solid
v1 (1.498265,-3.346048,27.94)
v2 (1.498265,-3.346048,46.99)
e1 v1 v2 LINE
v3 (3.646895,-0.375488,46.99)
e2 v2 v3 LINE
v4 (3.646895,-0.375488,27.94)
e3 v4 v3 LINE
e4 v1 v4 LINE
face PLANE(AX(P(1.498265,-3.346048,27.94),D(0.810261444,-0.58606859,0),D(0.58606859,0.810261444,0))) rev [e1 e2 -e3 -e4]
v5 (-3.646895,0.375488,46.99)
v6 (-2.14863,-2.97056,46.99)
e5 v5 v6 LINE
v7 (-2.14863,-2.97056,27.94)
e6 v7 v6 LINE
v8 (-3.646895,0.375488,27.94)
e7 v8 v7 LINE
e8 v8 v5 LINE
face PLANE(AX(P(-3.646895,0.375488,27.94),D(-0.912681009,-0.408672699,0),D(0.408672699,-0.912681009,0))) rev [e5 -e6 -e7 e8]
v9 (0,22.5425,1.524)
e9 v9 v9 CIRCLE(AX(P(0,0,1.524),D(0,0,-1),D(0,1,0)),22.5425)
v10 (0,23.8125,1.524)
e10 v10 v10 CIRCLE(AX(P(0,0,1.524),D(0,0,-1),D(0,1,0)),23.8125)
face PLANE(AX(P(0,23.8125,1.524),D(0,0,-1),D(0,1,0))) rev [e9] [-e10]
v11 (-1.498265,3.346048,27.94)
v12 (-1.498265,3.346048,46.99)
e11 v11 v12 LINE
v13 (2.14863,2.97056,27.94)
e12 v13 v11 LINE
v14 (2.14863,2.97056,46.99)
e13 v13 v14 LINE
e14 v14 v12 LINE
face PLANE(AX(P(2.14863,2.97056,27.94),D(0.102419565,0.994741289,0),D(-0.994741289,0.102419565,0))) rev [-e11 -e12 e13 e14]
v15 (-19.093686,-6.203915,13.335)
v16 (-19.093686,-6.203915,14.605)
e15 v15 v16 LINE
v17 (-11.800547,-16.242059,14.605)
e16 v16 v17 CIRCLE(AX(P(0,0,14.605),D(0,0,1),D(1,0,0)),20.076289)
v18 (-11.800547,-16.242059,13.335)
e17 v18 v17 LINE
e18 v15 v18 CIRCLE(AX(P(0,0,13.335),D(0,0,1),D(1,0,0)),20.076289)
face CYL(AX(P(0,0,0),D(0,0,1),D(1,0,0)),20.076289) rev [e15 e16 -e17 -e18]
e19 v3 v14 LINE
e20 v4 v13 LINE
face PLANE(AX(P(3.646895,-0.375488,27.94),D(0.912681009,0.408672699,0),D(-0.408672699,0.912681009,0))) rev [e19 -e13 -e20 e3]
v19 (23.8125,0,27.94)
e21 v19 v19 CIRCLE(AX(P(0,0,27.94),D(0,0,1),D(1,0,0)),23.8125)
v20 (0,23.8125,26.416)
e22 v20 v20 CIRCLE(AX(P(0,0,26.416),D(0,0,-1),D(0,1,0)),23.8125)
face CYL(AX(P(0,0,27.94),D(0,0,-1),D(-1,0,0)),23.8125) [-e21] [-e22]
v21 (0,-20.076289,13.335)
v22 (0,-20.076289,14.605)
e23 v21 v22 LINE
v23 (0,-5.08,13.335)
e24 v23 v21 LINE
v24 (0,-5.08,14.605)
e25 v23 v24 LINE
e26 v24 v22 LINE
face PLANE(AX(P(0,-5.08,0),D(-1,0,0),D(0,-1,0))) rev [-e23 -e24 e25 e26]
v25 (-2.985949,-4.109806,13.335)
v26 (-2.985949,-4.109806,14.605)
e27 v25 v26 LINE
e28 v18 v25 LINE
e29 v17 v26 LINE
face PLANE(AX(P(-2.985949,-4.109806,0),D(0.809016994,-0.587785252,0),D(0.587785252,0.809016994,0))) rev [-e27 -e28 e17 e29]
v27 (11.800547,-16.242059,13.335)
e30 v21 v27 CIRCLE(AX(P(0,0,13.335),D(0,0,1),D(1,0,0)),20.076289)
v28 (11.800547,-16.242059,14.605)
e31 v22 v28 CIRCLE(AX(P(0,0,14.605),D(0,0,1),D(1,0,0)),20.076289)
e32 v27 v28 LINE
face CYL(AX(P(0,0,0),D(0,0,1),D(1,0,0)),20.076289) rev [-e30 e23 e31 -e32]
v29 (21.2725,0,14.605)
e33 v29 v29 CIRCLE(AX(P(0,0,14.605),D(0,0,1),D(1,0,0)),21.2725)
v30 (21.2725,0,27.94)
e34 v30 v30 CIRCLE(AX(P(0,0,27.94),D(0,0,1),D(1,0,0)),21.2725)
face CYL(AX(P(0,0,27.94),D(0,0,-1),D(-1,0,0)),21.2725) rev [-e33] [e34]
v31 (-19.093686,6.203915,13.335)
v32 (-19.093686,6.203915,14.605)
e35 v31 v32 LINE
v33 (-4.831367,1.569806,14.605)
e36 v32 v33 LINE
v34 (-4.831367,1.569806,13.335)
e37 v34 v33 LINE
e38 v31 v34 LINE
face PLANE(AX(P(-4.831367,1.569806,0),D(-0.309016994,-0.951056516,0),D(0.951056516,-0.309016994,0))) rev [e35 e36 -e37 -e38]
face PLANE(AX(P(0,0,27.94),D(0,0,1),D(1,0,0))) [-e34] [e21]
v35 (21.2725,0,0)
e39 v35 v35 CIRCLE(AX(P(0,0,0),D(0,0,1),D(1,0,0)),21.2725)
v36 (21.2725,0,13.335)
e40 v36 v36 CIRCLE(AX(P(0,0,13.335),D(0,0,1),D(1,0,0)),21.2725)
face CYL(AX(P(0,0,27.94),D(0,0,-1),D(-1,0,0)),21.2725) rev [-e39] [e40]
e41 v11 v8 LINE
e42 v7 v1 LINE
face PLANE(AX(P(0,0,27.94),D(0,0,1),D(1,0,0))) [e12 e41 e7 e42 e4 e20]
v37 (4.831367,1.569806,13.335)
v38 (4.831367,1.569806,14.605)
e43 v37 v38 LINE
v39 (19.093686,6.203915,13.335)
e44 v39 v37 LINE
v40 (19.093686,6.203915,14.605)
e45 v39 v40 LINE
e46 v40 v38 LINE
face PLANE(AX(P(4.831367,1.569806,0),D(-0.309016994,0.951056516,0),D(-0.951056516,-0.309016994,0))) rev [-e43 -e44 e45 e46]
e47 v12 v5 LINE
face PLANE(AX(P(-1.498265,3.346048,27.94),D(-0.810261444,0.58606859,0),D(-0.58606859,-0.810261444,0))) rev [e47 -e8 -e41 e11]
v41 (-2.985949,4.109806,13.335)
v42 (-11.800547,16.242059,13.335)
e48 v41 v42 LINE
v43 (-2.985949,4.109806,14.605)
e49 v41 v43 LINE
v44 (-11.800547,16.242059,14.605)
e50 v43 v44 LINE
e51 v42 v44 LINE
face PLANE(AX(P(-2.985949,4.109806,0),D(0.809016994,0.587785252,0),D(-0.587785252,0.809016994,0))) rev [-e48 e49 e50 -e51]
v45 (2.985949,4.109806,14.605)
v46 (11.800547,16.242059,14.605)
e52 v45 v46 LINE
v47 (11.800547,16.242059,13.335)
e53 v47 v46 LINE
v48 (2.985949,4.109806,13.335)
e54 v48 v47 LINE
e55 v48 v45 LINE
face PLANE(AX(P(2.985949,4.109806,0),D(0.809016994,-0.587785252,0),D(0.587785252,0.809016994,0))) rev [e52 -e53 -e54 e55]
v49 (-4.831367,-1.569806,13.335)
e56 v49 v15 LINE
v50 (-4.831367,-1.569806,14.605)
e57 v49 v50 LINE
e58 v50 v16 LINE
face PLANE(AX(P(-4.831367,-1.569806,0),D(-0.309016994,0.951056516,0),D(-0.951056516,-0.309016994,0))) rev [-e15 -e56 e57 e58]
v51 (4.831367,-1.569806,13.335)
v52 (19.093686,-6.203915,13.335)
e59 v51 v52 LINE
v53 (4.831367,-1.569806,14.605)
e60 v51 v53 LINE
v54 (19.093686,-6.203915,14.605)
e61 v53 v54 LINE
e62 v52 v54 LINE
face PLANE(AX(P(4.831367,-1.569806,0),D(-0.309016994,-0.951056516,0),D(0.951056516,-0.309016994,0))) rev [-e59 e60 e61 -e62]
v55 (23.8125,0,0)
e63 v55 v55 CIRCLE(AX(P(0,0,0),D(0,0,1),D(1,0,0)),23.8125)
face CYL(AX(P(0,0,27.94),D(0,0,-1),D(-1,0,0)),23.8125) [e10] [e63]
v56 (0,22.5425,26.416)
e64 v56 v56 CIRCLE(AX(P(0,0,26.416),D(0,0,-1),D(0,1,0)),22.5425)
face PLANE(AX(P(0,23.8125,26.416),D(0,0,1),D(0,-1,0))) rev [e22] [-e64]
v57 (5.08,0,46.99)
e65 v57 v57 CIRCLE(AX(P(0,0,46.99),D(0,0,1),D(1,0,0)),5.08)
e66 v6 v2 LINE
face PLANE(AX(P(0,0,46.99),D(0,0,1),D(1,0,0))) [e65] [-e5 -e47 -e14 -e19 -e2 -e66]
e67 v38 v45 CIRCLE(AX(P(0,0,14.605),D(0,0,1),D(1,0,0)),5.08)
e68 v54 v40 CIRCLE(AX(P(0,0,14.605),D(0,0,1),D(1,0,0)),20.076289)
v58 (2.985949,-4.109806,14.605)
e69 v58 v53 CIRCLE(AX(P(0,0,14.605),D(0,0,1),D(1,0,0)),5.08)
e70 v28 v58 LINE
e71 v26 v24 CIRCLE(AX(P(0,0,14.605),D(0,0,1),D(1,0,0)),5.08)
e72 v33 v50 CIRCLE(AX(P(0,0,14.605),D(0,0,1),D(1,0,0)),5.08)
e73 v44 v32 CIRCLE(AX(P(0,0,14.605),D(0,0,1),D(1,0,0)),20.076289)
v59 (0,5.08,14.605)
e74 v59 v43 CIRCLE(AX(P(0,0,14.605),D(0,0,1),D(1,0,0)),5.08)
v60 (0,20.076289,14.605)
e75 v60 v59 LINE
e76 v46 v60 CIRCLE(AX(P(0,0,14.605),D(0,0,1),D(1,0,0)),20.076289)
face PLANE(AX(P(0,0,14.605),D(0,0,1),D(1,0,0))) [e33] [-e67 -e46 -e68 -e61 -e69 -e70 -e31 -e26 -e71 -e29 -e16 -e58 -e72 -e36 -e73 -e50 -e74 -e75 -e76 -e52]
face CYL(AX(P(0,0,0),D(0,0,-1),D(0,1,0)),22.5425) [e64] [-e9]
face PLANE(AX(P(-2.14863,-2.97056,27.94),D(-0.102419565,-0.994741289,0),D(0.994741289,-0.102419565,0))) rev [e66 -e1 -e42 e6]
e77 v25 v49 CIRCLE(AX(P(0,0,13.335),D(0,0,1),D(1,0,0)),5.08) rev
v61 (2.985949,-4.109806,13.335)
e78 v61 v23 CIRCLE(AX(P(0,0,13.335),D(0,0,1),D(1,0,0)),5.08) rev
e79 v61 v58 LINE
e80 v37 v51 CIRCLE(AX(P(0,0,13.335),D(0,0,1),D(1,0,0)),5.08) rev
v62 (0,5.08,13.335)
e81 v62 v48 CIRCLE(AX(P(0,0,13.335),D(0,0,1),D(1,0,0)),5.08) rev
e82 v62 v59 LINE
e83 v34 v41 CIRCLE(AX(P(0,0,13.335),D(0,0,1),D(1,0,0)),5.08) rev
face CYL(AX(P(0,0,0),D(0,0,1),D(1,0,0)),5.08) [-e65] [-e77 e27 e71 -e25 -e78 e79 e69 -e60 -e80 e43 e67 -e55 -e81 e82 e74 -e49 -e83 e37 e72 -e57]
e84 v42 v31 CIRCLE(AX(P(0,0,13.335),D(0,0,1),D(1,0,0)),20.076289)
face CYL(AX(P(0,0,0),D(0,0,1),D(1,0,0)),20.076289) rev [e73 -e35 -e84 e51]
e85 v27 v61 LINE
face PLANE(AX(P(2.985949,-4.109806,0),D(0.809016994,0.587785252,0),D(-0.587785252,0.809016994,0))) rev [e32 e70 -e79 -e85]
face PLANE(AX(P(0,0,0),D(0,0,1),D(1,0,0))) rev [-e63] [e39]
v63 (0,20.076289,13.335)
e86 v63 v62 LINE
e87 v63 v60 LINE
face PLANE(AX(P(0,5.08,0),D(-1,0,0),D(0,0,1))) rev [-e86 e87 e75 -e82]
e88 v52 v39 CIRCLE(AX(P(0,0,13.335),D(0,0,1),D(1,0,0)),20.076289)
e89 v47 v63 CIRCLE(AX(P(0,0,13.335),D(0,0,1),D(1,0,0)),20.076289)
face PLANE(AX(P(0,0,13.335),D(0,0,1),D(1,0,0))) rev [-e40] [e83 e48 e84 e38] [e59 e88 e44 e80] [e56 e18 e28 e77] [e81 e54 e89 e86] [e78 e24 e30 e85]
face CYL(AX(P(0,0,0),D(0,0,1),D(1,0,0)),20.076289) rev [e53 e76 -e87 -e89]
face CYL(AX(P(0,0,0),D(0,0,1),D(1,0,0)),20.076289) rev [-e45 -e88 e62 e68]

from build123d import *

# Parameters (mm, degrees)
SKETCH1_R               = 23.8125
SKETCH1_R_2             = 21.2725
BOSS_EXTRUDE1_DEPTH     = 27.94
SKETCH2_W               = 24.892
SKETCH2_H               = 1.27
SKETCH5_R               = 21.2725
BOSS_EXTRUDE2_DEPTH     = 0.635
CUT_EXTRUDE2_DEPTH      = 37.706625253
CUT_EXTRUDE2_DEPTH_BACK = 37.706625253
SKETCH7_R               = 5.08
BOSS_EXTRUDE7_DEPTH     = 32.385
CUT_EXTRUDE3_DEPTH      = 19.05


with BuildPart() as part:
    # Sketch1 → Boss-Extrude1 (new body)
    with BuildSketch(Plane.XY):
        Circle(SKETCH1_R)
        Circle(SKETCH1_R_2, mode=Mode.SUBTRACT)
    extrude(amount=BOSS_EXTRUDE1_DEPTH)

    # Sketch2 → Cut-Revolve2 (revolve, cut)
    with BuildSketch(Plane(origin=(0, 0, 0), x_dir=(0, 0, -1), z_dir=(1, 0, 0))):
        with Locations((-13.97, 23.1775)):
            Rectangle(SKETCH2_W, SKETCH2_H)
    revolve(axis=Axis((0, 0, 0), (0, 0, 1)), mode=Mode.SUBTRACT)

    # Sketch5 → Boss-Extrude2 (add, symmetric)
    with BuildSketch(Plane.XY.offset(13.97)):
        Circle(SKETCH5_R)
    extrude(amount=BOSS_EXTRUDE2_DEPTH, both=True)

    # Sketch6 → Cut-Extrude2 (cut, two sides: drawn at the far end of the back side and taken through both)
    with BuildSketch(Plane.XY.offset(14.605).offset(-CUT_EXTRUDE2_DEPTH_BACK)):
        with BuildLine():
            Line((0, 5.08), (0, 20.076289255))
            ThreePointArc((0, 20.076289255), (6.203914564, 19.093685719), (11.800546745, 16.242059191))
            Line((11.800546745, 16.242059191), (2.985949082, 4.109806331))
            ThreePointArc((2.985949082, 4.109806331), (1.569806331, 4.831367103), (0, 5.08))
        make_face()
        with BuildLine():
            Line((4.831367103, 1.569806331), (19.093685719, 6.203914564))
            ThreePointArc((19.093685719, 6.203914564), (20.076289255, 0), (19.093685719, -6.203914564))
            Line((19.093685719, -6.203914564), (4.831367103, -1.569806331))
            ThreePointArc((4.831367103, -1.569806331), (5.08, 0), (4.831367103, 1.569806331))
        make_face()
        with BuildLine():
            Line((2.985949082, -4.109806331), (11.800546745, -16.242059191))
            ThreePointArc((11.800546745, -16.242059191), (6.203914564, -19.093685719), (0, -20.076289255))
            Line((0, -20.076289255), (0, -5.08))
            ThreePointArc((0, -5.08), (1.569806331, -4.831367103), (2.985949082, -4.109806331))
        make_face()
        with BuildLine():
            Line((-2.985949082, -4.109806331), (-11.800546745, -16.242059191))
            ThreePointArc((-11.800546745, -16.242059191), (-16.242059191, -11.800546745), (-19.093685719, -6.203914564))
            Line((-19.093685719, -6.203914564), (-4.831367103, -1.569806331))
            ThreePointArc((-4.831367103, -1.569806331), (-4.109806331, -2.985949082), (-2.985949082, -4.109806331))
        make_face()
        with BuildLine():
            Line((-4.831367103, 1.569806331), (-19.093685719, 6.203914564))
            ThreePointArc((-19.093685719, 6.203914564), (-16.242059191, 11.800546745), (-11.800546745, 16.242059191))
            Line((-11.800546745, 16.242059191), (-2.985949082, 4.109806331))
            ThreePointArc((-2.985949082, 4.109806331), (-4.109806331, 2.985949082), (-4.831367103, 1.569806331))
        make_face()
    extrude(amount=CUT_EXTRUDE2_DEPTH + CUT_EXTRUDE2_DEPTH_BACK, mode=Mode.SUBTRACT)

    # Sketch7 → Boss-Extrude7 (add)
    with BuildSketch(Plane.XY.offset(14.605)):
        Circle(SKETCH7_R)
    extrude(amount=BOSS_EXTRUDE7_DEPTH)

    # Sketch8 → Cut-Extrude3 (cut)
    with BuildSketch(Plane.XY.offset(46.99)):
        Polygon((-1.498265311, 3.346047578), (-3.64689486, 0.375487968), (-2.148629549, -2.97055961), (1.498265311, -3.346047578), (3.64689486, -0.375487968), (2.148629549, 2.97055961), align=None)
    extrude(amount=-CUT_EXTRUDE3_DEPTH, mode=Mode.SUBTRACT)


solid = part.part
